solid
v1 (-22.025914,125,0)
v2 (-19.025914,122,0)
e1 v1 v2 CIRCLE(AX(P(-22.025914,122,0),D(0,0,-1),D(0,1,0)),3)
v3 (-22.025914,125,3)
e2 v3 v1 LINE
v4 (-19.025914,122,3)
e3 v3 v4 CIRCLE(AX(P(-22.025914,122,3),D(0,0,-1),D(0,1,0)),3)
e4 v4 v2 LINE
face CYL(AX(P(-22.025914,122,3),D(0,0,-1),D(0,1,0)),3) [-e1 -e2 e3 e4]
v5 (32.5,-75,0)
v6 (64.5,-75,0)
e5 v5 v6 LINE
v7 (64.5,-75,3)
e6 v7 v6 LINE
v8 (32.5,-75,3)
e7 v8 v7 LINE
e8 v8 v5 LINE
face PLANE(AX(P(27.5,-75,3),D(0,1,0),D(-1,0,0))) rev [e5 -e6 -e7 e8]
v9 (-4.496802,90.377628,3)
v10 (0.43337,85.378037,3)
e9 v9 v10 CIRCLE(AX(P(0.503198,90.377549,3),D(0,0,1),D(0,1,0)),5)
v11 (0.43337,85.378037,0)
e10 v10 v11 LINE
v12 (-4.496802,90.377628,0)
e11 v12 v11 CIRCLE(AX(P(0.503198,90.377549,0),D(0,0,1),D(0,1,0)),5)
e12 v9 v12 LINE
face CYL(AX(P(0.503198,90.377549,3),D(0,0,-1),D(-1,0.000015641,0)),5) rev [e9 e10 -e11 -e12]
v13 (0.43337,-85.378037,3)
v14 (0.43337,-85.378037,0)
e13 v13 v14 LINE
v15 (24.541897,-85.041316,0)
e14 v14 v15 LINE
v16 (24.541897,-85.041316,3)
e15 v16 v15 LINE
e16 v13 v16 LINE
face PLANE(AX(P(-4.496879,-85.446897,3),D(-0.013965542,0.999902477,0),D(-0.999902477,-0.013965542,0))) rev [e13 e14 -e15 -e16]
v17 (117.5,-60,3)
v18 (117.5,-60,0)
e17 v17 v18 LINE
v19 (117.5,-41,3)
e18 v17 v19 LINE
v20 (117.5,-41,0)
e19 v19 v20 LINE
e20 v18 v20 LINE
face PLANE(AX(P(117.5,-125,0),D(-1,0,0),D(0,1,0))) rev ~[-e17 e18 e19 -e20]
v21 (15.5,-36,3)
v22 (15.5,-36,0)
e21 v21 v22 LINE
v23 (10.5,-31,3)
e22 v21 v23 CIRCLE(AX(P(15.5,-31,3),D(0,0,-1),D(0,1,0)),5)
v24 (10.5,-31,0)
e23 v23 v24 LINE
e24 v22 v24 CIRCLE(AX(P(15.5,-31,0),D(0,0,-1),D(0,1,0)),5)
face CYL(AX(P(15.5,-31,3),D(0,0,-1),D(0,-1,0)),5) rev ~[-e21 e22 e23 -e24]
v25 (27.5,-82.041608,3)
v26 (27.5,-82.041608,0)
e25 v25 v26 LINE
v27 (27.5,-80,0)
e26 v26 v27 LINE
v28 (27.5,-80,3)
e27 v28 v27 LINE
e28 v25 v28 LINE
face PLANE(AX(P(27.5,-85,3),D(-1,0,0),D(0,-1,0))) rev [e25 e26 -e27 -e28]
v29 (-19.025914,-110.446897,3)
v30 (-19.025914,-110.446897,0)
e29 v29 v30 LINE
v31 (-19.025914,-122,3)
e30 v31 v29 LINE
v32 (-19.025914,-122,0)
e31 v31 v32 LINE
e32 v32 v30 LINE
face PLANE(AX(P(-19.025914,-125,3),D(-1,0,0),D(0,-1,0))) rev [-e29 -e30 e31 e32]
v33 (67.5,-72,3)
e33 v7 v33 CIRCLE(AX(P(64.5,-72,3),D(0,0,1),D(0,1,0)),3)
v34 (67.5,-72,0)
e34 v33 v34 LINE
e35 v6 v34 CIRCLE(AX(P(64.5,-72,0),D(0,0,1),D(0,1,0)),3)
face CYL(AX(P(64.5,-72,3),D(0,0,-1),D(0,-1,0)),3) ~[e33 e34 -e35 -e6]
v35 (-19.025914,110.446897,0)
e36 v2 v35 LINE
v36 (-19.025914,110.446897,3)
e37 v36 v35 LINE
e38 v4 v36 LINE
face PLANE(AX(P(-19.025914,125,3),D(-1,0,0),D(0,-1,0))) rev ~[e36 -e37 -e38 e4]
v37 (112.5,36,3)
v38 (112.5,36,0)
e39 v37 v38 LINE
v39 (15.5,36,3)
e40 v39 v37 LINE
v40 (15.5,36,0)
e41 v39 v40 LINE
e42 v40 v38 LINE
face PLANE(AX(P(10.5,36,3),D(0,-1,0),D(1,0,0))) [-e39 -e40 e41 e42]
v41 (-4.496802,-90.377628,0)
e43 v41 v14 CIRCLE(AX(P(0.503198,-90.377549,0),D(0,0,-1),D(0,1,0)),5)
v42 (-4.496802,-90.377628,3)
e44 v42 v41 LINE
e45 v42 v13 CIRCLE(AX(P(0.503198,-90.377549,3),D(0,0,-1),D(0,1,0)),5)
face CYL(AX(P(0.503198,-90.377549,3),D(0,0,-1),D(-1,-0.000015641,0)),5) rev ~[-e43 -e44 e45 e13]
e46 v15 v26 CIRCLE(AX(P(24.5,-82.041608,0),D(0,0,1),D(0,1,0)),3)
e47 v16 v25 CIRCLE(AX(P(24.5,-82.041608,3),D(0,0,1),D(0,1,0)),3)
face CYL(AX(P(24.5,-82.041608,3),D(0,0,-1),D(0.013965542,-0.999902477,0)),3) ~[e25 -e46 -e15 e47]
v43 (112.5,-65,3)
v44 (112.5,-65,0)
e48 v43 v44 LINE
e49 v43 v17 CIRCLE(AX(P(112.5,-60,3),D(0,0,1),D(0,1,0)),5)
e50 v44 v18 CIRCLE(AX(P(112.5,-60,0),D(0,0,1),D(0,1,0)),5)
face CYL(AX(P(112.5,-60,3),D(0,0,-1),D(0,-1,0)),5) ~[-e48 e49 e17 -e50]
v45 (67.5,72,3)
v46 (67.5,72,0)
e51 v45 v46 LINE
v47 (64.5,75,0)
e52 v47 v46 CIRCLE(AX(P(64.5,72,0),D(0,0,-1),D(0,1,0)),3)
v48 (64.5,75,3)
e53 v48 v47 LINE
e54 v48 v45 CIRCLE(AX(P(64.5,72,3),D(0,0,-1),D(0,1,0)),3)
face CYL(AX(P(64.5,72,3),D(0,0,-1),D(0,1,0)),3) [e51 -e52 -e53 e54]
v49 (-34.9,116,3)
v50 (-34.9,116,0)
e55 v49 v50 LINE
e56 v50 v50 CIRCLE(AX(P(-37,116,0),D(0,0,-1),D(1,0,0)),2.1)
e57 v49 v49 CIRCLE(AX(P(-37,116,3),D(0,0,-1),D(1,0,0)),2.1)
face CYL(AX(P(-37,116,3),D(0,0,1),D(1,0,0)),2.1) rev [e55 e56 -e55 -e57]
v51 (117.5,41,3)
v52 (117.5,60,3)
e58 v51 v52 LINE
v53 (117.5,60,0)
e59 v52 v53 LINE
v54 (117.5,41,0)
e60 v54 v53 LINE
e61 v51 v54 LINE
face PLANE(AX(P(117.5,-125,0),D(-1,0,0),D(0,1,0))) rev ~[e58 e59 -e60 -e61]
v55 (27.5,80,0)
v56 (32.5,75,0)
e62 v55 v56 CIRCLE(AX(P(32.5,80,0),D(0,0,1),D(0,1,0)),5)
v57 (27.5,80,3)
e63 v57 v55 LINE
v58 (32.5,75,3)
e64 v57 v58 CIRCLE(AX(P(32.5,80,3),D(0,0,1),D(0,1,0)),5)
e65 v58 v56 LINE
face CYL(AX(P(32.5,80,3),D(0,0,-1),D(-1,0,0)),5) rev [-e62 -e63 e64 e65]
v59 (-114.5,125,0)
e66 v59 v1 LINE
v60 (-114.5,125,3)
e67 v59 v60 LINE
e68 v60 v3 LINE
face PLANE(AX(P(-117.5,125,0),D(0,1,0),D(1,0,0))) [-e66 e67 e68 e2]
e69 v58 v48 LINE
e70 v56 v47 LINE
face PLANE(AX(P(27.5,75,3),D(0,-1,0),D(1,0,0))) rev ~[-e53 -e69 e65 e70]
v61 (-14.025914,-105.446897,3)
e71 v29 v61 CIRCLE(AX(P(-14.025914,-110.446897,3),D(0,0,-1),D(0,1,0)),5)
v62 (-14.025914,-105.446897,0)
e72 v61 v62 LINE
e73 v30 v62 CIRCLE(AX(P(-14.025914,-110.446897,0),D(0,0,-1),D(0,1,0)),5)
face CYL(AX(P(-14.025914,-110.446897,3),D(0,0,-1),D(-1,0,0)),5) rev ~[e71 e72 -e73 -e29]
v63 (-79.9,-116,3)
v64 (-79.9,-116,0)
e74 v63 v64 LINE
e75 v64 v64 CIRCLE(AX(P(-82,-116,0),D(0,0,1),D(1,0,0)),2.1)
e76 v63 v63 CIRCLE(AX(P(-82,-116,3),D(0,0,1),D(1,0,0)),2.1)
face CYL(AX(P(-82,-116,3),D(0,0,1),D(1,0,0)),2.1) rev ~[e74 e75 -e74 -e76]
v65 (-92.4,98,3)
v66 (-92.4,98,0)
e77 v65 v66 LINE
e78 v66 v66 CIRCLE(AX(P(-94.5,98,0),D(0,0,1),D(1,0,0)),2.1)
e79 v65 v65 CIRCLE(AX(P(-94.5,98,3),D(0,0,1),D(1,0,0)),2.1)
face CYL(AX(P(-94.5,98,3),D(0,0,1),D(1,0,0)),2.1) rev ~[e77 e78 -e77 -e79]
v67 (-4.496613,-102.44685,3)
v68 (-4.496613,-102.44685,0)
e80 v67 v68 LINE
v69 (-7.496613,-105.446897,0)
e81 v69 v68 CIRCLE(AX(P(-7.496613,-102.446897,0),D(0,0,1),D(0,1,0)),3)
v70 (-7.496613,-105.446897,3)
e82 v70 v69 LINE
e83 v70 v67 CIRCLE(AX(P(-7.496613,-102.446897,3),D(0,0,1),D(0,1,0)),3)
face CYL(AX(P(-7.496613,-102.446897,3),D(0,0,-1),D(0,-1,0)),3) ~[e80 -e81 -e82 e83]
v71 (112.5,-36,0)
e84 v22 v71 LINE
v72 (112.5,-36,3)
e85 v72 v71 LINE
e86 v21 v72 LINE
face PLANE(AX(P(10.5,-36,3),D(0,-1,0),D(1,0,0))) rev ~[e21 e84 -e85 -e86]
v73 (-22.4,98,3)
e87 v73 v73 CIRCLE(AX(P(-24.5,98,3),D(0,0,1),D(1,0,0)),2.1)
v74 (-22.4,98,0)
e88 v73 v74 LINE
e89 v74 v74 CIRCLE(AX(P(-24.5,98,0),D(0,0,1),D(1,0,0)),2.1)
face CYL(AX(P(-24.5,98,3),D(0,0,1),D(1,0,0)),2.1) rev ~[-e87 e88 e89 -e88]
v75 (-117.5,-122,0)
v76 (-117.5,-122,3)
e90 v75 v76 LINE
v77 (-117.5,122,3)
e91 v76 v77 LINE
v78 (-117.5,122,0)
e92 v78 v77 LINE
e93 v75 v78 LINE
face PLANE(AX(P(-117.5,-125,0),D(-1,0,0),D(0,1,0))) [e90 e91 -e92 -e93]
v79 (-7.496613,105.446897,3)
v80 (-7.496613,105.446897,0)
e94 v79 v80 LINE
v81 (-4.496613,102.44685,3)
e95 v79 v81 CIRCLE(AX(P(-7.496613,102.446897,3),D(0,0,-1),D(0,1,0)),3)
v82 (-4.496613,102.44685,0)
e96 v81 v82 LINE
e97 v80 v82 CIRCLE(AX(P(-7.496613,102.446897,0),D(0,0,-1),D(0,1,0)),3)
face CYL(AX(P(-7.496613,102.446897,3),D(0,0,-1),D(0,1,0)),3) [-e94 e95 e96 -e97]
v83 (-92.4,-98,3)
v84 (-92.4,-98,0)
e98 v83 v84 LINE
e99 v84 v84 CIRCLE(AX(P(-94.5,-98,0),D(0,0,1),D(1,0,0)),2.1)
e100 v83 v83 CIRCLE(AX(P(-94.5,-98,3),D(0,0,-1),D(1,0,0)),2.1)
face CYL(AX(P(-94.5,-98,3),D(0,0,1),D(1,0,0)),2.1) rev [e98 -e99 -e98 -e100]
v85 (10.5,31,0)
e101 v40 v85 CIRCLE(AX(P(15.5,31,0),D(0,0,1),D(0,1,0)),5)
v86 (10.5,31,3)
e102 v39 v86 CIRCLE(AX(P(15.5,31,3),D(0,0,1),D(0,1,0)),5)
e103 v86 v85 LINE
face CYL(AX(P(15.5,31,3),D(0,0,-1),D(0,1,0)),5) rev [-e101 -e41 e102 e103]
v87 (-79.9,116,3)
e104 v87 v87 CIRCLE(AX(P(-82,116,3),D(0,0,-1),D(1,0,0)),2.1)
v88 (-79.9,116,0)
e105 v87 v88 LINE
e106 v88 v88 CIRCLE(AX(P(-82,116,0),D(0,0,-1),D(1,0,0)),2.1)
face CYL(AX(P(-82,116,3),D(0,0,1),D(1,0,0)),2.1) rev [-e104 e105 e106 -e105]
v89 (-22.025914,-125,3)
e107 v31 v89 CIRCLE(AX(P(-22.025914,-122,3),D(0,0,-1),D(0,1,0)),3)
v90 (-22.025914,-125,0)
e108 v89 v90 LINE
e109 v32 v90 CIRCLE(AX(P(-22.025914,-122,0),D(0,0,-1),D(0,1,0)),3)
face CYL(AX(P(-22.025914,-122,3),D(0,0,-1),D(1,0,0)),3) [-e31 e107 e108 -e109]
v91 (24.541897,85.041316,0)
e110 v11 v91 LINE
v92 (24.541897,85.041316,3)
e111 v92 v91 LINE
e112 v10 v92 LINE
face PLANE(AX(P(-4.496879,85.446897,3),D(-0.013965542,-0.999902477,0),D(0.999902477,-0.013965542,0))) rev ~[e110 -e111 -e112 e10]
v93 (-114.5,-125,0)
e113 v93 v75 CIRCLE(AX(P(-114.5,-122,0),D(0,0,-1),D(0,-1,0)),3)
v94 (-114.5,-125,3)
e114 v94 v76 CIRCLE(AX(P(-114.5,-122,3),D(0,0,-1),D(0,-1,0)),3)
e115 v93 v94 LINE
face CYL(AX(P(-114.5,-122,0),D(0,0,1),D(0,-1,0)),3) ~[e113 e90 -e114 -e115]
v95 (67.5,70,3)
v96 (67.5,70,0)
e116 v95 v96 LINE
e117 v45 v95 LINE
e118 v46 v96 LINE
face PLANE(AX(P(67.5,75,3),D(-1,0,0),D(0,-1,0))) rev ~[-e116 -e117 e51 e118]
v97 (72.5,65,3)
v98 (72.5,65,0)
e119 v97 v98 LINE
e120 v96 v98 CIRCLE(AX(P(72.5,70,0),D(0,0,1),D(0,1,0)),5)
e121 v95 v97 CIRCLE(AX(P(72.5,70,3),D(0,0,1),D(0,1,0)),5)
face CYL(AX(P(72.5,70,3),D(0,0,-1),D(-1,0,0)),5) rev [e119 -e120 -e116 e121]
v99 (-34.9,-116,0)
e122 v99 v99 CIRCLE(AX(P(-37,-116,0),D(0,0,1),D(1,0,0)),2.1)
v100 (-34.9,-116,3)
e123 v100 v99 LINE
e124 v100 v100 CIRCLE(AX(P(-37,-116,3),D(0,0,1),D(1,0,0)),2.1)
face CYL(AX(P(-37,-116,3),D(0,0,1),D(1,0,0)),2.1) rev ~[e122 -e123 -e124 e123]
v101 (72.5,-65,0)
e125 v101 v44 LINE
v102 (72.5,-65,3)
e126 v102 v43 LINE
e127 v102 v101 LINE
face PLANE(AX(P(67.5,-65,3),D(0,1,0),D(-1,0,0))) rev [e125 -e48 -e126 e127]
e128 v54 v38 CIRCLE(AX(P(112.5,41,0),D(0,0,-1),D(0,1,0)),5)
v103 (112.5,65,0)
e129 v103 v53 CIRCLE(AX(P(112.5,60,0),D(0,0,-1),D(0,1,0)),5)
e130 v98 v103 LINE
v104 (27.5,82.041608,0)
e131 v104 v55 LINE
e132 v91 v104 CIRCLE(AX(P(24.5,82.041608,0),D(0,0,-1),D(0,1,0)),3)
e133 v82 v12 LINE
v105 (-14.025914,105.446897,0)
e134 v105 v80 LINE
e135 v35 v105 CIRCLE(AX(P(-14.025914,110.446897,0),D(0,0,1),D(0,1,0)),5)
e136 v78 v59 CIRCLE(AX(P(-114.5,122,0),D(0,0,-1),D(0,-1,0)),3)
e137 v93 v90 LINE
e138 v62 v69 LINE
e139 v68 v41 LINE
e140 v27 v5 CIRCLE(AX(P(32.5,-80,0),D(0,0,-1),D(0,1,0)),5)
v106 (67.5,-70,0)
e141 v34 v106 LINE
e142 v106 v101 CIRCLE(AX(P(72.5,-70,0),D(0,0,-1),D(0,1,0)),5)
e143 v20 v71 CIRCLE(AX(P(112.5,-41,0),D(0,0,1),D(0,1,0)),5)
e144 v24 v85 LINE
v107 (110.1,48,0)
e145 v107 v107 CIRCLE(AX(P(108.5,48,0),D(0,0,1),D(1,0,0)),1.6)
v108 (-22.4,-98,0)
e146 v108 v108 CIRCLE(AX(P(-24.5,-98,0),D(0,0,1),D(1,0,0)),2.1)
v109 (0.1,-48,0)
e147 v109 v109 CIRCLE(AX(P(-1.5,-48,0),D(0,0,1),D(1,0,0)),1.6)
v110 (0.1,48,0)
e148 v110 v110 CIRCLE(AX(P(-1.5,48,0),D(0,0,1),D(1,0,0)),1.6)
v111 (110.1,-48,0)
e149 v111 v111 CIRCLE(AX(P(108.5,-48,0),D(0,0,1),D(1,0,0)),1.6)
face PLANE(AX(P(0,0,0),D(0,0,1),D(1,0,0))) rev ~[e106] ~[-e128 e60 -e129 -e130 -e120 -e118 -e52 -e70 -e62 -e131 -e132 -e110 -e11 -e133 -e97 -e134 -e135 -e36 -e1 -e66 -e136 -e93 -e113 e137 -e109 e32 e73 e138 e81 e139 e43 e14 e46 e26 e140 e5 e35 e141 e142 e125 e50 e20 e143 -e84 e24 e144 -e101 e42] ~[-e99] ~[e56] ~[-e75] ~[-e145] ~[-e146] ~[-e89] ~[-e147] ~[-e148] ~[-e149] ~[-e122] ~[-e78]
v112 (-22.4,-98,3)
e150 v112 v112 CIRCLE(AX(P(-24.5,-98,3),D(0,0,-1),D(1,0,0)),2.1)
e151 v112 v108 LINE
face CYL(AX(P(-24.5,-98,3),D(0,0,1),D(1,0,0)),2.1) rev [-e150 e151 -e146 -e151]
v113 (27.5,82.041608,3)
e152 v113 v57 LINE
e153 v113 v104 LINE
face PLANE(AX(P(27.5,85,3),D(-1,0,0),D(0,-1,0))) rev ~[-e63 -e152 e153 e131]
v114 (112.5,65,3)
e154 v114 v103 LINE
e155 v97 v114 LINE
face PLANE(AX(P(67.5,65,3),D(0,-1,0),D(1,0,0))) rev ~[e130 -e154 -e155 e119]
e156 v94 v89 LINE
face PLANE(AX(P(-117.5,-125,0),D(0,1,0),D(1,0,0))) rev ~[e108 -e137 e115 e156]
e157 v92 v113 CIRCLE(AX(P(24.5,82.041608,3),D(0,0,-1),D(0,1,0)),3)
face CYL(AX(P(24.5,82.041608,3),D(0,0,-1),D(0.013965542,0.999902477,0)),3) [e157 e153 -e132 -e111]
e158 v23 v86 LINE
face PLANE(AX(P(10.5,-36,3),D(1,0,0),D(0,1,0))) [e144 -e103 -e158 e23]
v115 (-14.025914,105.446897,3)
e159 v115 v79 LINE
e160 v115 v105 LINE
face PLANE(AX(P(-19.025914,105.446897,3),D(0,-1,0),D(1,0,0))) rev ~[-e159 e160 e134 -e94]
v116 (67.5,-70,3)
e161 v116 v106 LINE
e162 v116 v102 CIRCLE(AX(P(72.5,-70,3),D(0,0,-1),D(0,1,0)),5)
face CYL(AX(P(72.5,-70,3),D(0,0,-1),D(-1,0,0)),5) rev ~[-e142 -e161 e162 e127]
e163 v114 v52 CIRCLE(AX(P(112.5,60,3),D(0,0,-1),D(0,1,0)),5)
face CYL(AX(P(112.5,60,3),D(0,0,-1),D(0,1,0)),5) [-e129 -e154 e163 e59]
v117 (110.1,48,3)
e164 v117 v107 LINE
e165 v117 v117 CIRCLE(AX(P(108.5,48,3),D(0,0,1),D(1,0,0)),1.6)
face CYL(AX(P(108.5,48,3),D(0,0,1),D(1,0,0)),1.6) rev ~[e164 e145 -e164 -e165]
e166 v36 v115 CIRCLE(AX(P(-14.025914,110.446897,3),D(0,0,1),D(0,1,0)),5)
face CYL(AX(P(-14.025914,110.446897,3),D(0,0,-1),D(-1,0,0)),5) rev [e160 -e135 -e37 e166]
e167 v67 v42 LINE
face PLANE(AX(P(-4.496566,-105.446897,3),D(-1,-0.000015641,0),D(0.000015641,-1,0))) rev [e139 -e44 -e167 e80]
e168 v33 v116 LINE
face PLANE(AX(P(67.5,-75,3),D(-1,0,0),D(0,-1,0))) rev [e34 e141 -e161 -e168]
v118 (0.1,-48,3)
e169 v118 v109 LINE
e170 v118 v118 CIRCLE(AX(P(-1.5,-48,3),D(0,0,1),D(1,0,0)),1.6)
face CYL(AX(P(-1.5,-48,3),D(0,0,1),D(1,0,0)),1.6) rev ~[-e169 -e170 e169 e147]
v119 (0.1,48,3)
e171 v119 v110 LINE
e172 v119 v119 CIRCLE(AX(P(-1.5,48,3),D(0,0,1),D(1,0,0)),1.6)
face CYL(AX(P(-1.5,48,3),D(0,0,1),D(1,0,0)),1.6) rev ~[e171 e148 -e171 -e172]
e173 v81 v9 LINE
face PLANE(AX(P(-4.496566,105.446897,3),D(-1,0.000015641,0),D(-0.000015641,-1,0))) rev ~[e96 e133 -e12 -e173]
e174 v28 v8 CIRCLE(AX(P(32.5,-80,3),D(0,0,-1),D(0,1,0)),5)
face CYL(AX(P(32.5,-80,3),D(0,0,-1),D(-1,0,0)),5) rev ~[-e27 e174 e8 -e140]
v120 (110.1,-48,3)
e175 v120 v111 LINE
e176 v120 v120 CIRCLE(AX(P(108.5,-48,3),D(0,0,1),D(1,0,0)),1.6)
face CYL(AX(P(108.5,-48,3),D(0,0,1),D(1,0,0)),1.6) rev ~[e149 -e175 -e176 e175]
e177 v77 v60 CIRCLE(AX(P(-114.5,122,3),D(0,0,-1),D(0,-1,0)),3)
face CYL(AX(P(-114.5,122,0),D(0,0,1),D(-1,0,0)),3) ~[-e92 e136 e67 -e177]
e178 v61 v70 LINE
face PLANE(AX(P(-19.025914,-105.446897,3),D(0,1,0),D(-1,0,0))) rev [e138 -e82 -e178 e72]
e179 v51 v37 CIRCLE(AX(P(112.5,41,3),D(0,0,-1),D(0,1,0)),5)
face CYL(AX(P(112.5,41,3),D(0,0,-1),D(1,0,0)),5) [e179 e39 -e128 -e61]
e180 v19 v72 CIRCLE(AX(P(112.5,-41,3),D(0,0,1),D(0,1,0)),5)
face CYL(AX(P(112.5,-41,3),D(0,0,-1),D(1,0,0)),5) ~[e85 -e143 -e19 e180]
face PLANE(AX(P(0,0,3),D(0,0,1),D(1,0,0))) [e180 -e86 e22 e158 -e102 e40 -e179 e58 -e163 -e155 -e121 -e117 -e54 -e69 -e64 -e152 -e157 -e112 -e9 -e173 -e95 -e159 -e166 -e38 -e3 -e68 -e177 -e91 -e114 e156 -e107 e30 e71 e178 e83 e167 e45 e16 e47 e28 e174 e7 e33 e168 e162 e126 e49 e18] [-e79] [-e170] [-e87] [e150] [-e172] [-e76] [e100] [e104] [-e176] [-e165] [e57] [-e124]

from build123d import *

# Parameters (mm, degrees)
SKETCH_1_W          = 235
SKETCH_1_H          = 250
EXTRUDE_1_DEPTH     = 3
SKETCH_2_W          = 107
SKETCH_2_H          = 72
CUT_EXTRUDE_1_DEPTH = 172.581613234
SKETCH_3_R          = 2.1
CUT_EXTRUDE_2_DEPTH = 10
SKETCH_4_R          = 1.6
CUT_EXTRUDE_3_DEPTH = 3
CUT_EXTRUDE_4_DEPTH = 172.581613234
SKETCH_6_R          = 2.1
CUT_EXTRUDE_5_DEPTH = 3
FILLET_1_R          = 5
FILLET_2_R          = 3


with BuildPart() as part:
    # 草图1 → 凸台-拉伸1 (new body)
    with BuildSketch(Plane.XY):
        Rectangle(SKETCH_1_W, SKETCH_1_H)
    extrude(amount=EXTRUDE_1_DEPTH)

    # 草图2 → 切除-拉伸1 (cut, through all)
    with BuildSketch(Plane.XY.offset(3)):
        with Locations((64, 0)):
            Rectangle(SKETCH_2_W, SKETCH_2_H)
    extrude(amount=-CUT_EXTRUDE_1_DEPTH, mode=Mode.SUBTRACT)

    # 草图3 → 切除-拉伸2 (cut)
    with BuildSketch(Plane.XY.offset(3)):
        with Locations((-94.5, 98)):
            Circle(SKETCH_3_R)
        with Locations((-24.5, 98)):
            Circle(SKETCH_3_R)
    cut_extrude_2 = extrude(amount=-CUT_EXTRUDE_2_DEPTH, mode=Mode.SUBTRACT)

    # 镜向1: 切除-拉伸2 across plane
    add(cut_extrude_2.mirror(Plane.ZX), mode=Mode.SUBTRACT)

    # 草图4 → 切除-拉伸3 (cut)
    with BuildSketch(Plane.XY.offset(3)):
        with Locations((108.5, 48)):
            Circle(SKETCH_4_R)
        with Locations((-1.5, 48)):
            Circle(SKETCH_4_R)
        with Locations((108.5, -48)):
            Circle(SKETCH_4_R)
        with Locations((-1.5, -48)):
            Circle(SKETCH_4_R)
    extrude(amount=-CUT_EXTRUDE_3_DEPTH, mode=Mode.SUBTRACT)

    # 草图5 → 切除-拉伸4 (cut, through all)
    with BuildSketch(Plane.XY.offset(3)):
        Polygon((117.5, 125), (27.5, 125), (-4.025914193, 125), (-19.025914193, 125), (-19.025914193, 105.446897357), (-4.496566438, 105.446897357), (-4.496879266, 85.446897359), (27.5, 85), (27.5, 75), (67.5, 75), (67.5, 65), (117.5, 65), align=None)
    cut_extrude_4 = extrude(amount=-CUT_EXTRUDE_4_DEPTH, mode=Mode.SUBTRACT)

    # 镜向2: 切除-拉伸4 across plane
    add(cut_extrude_4.mirror(Plane.ZX), mode=Mode.SUBTRACT)

    # 草图6 → 切除-拉伸5 (cut)
    with BuildSketch(Plane.XY.offset(3)):
        with Locations((-82, -116)):
            Circle(SKETCH_6_R)
        with Locations((-37, -116)):
            Circle(SKETCH_6_R)
    cut_extrude_5 = extrude(amount=-CUT_EXTRUDE_5_DEPTH, mode=Mode.SUBTRACT)

    # 镜向3: 切除-拉伸5 across plane
    add(cut_extrude_5.mirror(Plane.ZX), mode=Mode.SUBTRACT)

    # 圆角1
    fillet_1_edges = [part.edges().sort_by_distance(p)[0] for p in [
        (117.5, -65, 1.5),
        (-19.025914193, -105.446897357, 1.5),
        (-4.496879266, -85.446897359, 1.5),
        (27.5, -75, 1.5),
        (67.5, -65, 1.5),
        (10.5, -36, 1.5),
        (10.5, 36, 1.5),
        (117.5, 36, 1.5),
        (117.5, -36, 1.5),
        (117.5, 65, 1.5),
        (67.5, 65, 1.5),
        (27.5, 75, 1.5),
        (-4.496879266, 85.446897359, 1.5),
        (-19.025914193, 105.446897357, 1.5),
    ]]
    fillet(fillet_1_edges, radius=FILLET_1_R)

    # 圆角2
    fillet_2_edges = [part.edges().sort_by_distance(p)[0] for p in [
        (-19.025914193, -125, 1.5),
        (-4.496566438, -105.446897357, 1.5),
        (27.5, -85, 1.5),
        (67.5, -75, 1.5),
        (-117.5, -125, 1.5),
        (-117.5, 125, 1.5),
        (67.5, 75, 1.5),
        (27.5, 85, 1.5),
        (-4.496566438, 105.446897357, 1.5),
        (-19.025914193, 125, 1.5),
    ]]
    fillet(fillet_2_edges, radius=FILLET_2_R)


solid = part.part
